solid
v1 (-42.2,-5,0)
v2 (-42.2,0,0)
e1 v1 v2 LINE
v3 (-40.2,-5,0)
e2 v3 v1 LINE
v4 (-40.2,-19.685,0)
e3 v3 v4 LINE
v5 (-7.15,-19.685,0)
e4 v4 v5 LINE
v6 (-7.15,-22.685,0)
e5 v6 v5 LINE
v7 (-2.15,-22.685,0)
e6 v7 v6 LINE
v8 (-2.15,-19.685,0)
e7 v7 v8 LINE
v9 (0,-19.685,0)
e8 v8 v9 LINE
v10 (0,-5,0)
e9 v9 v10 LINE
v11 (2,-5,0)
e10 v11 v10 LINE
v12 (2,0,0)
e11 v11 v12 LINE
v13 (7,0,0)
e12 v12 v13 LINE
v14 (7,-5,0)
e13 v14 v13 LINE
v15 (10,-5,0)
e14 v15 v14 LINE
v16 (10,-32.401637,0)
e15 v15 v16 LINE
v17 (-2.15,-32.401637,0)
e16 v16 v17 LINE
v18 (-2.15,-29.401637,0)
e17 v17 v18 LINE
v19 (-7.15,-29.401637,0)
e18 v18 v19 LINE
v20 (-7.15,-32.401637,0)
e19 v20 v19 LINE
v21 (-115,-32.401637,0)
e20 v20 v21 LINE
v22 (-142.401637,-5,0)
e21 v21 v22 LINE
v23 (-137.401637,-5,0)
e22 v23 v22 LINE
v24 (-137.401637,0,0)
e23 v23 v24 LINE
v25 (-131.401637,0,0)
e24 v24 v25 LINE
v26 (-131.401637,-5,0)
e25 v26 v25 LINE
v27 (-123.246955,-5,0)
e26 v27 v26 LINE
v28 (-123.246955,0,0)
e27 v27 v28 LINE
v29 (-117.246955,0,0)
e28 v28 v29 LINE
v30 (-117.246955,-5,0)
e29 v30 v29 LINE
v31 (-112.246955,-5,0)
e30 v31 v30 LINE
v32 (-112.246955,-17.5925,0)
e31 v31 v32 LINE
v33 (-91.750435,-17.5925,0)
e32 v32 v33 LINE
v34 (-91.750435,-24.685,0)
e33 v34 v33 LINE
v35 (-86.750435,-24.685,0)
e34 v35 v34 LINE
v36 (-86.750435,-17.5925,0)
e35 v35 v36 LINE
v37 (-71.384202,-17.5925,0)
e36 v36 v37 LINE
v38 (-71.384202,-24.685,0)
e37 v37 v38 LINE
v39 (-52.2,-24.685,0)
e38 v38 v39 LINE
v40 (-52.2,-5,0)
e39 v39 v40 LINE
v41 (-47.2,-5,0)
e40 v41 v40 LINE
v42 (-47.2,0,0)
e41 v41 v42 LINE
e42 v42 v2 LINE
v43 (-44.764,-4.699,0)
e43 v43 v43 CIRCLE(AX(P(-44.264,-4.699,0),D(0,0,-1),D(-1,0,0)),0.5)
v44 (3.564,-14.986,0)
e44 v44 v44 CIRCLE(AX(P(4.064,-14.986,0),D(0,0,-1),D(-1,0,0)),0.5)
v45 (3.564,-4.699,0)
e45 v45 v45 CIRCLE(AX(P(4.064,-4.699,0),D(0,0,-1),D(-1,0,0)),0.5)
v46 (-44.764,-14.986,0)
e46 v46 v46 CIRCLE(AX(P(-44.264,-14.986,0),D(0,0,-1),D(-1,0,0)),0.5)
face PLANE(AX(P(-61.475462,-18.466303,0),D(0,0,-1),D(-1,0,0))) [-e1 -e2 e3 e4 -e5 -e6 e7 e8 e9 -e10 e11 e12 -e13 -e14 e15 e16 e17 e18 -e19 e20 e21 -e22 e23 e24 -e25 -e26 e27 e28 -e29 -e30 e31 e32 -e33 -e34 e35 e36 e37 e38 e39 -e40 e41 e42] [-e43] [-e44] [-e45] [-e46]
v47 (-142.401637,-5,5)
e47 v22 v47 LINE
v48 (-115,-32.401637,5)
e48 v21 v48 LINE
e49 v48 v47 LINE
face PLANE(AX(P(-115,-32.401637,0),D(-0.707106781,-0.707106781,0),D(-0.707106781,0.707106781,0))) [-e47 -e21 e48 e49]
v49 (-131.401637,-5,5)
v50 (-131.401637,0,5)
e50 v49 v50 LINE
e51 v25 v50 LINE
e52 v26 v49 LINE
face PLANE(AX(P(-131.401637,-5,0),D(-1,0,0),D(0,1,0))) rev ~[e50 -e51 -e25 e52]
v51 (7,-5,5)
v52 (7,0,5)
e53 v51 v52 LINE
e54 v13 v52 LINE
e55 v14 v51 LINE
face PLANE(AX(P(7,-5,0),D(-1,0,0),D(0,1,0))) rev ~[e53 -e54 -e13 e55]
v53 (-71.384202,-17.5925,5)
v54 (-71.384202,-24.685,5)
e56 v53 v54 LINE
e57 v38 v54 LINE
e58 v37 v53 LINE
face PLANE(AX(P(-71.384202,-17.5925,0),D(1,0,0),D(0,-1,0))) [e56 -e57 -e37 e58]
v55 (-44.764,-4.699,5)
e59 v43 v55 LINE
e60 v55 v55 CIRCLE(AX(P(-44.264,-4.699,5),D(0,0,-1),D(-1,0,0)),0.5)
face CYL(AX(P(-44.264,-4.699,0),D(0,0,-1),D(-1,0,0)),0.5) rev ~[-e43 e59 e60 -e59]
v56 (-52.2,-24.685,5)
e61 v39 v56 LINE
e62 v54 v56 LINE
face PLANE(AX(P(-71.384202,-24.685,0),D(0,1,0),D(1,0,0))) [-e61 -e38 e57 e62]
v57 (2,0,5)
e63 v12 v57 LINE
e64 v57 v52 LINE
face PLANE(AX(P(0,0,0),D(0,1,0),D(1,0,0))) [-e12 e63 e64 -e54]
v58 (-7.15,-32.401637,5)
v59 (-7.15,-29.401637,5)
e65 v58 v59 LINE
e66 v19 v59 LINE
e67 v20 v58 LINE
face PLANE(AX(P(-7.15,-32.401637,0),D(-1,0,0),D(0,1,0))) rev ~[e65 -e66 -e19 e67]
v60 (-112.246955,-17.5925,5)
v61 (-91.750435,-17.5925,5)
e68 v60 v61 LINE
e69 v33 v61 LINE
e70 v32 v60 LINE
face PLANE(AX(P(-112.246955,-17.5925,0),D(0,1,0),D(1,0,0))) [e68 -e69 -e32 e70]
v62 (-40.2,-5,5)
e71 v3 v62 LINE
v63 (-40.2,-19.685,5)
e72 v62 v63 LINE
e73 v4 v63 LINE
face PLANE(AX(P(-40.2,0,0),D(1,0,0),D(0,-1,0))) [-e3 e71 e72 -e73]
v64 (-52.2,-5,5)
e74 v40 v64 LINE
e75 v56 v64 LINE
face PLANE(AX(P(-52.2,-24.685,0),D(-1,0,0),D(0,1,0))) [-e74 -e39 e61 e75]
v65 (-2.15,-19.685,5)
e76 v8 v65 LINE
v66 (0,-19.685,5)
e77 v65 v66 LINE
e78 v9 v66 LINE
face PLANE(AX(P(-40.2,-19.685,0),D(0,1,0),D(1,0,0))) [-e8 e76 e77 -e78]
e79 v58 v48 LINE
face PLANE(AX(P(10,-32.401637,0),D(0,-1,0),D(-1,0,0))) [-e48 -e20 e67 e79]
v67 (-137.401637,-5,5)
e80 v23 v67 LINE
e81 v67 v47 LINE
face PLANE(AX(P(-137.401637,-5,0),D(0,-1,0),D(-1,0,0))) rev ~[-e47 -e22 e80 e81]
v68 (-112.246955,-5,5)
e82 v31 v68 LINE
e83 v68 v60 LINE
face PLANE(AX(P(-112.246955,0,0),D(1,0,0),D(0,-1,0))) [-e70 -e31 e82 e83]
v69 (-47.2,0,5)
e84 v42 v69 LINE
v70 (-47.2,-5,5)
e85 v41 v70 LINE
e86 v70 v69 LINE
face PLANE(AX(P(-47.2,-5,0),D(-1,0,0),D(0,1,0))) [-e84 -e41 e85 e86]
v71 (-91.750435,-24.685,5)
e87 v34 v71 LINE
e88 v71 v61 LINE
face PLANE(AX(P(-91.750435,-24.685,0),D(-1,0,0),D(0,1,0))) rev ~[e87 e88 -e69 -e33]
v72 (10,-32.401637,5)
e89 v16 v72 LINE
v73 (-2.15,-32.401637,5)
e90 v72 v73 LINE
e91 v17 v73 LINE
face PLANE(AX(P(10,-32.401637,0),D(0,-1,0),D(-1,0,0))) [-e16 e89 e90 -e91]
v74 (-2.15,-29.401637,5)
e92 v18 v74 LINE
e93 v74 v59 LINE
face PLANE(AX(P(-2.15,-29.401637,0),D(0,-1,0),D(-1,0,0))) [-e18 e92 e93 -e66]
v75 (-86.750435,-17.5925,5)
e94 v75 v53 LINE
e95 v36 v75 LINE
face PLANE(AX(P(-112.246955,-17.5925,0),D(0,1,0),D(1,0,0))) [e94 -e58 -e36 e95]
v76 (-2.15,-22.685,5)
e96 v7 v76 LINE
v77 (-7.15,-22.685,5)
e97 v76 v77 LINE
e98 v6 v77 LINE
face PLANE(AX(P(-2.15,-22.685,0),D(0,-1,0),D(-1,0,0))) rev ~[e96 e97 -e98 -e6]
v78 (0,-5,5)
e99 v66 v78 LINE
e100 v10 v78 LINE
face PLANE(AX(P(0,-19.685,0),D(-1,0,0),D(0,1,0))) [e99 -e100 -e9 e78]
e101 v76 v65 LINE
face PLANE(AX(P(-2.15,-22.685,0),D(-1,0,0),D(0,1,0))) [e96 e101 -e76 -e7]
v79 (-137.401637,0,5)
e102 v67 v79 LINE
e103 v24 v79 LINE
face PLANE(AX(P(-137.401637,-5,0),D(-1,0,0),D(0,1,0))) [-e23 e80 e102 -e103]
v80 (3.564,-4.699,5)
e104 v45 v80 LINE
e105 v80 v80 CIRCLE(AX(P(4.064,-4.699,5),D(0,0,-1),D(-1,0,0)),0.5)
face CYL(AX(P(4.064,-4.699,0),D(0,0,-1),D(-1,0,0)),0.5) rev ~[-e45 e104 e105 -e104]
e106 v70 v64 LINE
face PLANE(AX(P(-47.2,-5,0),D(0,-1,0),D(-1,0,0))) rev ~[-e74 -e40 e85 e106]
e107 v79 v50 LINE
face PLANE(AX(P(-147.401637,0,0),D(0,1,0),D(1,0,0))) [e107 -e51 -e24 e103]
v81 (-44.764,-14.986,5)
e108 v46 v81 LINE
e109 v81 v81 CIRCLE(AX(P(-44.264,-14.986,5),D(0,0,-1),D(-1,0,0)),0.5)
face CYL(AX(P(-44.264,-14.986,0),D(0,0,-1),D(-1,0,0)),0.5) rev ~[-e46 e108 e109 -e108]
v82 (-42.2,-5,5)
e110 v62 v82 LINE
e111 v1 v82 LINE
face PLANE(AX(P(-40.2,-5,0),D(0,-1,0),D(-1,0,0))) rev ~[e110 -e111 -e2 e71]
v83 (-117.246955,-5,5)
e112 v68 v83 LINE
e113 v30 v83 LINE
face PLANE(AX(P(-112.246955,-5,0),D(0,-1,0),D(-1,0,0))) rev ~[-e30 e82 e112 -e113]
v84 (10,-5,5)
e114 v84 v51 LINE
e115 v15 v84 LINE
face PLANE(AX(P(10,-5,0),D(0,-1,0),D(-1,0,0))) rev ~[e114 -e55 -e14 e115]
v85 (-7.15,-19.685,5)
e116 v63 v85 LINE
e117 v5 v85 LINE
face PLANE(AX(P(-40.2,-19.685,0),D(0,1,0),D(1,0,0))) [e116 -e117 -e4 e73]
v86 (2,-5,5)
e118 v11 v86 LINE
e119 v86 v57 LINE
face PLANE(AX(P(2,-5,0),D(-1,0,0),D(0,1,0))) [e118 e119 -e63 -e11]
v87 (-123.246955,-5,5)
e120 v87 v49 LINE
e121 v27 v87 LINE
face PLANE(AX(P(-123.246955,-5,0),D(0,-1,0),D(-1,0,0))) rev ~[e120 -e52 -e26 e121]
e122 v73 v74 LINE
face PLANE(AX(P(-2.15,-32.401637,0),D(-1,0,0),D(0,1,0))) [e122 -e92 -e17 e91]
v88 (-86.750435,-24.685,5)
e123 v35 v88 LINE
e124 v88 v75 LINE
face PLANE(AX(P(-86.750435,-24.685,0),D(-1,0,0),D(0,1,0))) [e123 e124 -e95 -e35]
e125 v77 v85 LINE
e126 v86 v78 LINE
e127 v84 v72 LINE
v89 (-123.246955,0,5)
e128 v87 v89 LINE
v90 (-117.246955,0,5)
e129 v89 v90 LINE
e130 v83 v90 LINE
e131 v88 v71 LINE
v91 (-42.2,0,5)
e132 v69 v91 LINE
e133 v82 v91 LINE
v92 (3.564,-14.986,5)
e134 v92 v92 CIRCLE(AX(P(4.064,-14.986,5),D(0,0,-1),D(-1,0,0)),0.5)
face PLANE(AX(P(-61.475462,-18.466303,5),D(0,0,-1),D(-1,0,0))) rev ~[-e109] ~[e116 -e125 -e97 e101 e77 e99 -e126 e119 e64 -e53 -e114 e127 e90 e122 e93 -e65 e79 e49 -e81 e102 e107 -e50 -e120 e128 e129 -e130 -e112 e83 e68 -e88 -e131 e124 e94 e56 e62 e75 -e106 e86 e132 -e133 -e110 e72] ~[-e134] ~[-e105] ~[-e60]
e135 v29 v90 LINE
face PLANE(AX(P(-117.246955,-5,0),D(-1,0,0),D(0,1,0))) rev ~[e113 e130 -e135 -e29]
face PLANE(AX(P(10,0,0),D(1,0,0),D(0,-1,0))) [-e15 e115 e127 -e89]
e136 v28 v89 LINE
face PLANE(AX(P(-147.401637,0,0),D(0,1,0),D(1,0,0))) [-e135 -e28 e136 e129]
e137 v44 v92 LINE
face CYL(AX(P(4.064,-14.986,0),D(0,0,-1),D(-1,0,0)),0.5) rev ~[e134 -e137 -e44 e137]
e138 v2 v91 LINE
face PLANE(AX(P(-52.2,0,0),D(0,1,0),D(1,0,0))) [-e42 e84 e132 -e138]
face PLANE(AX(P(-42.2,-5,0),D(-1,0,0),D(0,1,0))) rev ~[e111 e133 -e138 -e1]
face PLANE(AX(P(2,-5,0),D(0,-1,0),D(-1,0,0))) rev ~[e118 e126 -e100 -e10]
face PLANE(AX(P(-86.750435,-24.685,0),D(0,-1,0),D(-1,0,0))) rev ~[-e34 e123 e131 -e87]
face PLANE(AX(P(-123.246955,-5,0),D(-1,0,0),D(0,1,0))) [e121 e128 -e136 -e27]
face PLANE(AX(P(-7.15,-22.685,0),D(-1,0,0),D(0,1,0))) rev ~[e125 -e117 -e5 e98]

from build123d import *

# Parameters (mm, degrees)
BOSS_EXTRU_1_DEPTH = 5
ESQUISSE2_W        = 5
ESQUISSE2_H        = 3
ESQUISSE2_H_2      = 7.0925
ESQUISSE2_W_2      = 3
ESQUISSE2_H_3      = 5
ESQUISSE2_W_3      = 2
ESQUISSE2_W_4      = 8.154681838
ESQUISSE2_W_5      = 10
CR_NEAUX_DEPTH     = 5
ESQUISSE3_R        = 0.5
PER_AGES_DEPTH     = 5


with BuildPart() as part:
    # Esquisse1 → Boss.-Extru.1 (new body)
    with BuildSketch(Plane.XY):
        Polygon((-40.2, 0), (-40.2, -19.685), (0, -19.685), (0, 0), (10, 0), (10, -32.401636706), (-115, -32.401636706), (-147.401636706, 0), (-112.246954868, 0), (-112.246954868, -17.5925), (-71.384202009, -17.5925), (-71.384202009, -24.685), (-52.2, -24.685), (-52.2, 0), align=None)
    extrude(amount=BOSS_EXTRU_1_DEPTH)

    # Esquisse2 → Créneaux - (cut)
    with BuildSketch(Plane(origin=(0, 0, 0), x_dir=(-1, 0, 0), z_dir=(0, 0, -1))):
        with Locations((4.65, -21.185)):
            Rectangle(ESQUISSE2_W, ESQUISSE2_H)
        with Locations((89.250434868, -21.13875)):
            Rectangle(ESQUISSE2_W, ESQUISSE2_H_2)
        with Locations((4.65, -30.901636706)):
            Rectangle(ESQUISSE2_W, ESQUISSE2_H)
        with Locations((-8.5, -2.5)):
            Rectangle(ESQUISSE2_W_2, ESQUISSE2_H_3)
        with Locations((-1, -2.5)):
            Rectangle(ESQUISSE2_W_3, ESQUISSE2_H_3)
        with Locations((41.2, -2.5)):
            Rectangle(ESQUISSE2_W_3, ESQUISSE2_H_3)
        with Locations((49.7, -2.5)):
            Rectangle(ESQUISSE2_W, ESQUISSE2_H_3)
        with Locations((114.746954868, -2.5)):
            Rectangle(ESQUISSE2_W, ESQUISSE2_H_3)
        with Locations((127.324295787, -2.5)):
            Rectangle(ESQUISSE2_W_4, ESQUISSE2_H_3)
        with Locations((142.401636706, -2.5)):
            Rectangle(ESQUISSE2_W_5, ESQUISSE2_H_3)
    extrude(amount=-CR_NEAUX_DEPTH, mode=Mode.SUBTRACT)

    # Esquisse3 → Perçages (cut)
    with BuildSketch(Plane(origin=(0, 0, 0), x_dir=(-1, 0, 0), z_dir=(0, 0, -1))):
        with Locations((-4.064, -14.986)):
            Circle(ESQUISSE3_R)
        with Locations((-4.064, -4.699)):
            Circle(ESQUISSE3_R)
        with Locations((44.264, -14.986)):
            Circle(ESQUISSE3_R)
        with Locations((44.264, -4.699)):
            Circle(ESQUISSE3_R)
    extrude(amount=-PER_AGES_DEPTH, mode=Mode.SUBTRACT)


solid = part.part
